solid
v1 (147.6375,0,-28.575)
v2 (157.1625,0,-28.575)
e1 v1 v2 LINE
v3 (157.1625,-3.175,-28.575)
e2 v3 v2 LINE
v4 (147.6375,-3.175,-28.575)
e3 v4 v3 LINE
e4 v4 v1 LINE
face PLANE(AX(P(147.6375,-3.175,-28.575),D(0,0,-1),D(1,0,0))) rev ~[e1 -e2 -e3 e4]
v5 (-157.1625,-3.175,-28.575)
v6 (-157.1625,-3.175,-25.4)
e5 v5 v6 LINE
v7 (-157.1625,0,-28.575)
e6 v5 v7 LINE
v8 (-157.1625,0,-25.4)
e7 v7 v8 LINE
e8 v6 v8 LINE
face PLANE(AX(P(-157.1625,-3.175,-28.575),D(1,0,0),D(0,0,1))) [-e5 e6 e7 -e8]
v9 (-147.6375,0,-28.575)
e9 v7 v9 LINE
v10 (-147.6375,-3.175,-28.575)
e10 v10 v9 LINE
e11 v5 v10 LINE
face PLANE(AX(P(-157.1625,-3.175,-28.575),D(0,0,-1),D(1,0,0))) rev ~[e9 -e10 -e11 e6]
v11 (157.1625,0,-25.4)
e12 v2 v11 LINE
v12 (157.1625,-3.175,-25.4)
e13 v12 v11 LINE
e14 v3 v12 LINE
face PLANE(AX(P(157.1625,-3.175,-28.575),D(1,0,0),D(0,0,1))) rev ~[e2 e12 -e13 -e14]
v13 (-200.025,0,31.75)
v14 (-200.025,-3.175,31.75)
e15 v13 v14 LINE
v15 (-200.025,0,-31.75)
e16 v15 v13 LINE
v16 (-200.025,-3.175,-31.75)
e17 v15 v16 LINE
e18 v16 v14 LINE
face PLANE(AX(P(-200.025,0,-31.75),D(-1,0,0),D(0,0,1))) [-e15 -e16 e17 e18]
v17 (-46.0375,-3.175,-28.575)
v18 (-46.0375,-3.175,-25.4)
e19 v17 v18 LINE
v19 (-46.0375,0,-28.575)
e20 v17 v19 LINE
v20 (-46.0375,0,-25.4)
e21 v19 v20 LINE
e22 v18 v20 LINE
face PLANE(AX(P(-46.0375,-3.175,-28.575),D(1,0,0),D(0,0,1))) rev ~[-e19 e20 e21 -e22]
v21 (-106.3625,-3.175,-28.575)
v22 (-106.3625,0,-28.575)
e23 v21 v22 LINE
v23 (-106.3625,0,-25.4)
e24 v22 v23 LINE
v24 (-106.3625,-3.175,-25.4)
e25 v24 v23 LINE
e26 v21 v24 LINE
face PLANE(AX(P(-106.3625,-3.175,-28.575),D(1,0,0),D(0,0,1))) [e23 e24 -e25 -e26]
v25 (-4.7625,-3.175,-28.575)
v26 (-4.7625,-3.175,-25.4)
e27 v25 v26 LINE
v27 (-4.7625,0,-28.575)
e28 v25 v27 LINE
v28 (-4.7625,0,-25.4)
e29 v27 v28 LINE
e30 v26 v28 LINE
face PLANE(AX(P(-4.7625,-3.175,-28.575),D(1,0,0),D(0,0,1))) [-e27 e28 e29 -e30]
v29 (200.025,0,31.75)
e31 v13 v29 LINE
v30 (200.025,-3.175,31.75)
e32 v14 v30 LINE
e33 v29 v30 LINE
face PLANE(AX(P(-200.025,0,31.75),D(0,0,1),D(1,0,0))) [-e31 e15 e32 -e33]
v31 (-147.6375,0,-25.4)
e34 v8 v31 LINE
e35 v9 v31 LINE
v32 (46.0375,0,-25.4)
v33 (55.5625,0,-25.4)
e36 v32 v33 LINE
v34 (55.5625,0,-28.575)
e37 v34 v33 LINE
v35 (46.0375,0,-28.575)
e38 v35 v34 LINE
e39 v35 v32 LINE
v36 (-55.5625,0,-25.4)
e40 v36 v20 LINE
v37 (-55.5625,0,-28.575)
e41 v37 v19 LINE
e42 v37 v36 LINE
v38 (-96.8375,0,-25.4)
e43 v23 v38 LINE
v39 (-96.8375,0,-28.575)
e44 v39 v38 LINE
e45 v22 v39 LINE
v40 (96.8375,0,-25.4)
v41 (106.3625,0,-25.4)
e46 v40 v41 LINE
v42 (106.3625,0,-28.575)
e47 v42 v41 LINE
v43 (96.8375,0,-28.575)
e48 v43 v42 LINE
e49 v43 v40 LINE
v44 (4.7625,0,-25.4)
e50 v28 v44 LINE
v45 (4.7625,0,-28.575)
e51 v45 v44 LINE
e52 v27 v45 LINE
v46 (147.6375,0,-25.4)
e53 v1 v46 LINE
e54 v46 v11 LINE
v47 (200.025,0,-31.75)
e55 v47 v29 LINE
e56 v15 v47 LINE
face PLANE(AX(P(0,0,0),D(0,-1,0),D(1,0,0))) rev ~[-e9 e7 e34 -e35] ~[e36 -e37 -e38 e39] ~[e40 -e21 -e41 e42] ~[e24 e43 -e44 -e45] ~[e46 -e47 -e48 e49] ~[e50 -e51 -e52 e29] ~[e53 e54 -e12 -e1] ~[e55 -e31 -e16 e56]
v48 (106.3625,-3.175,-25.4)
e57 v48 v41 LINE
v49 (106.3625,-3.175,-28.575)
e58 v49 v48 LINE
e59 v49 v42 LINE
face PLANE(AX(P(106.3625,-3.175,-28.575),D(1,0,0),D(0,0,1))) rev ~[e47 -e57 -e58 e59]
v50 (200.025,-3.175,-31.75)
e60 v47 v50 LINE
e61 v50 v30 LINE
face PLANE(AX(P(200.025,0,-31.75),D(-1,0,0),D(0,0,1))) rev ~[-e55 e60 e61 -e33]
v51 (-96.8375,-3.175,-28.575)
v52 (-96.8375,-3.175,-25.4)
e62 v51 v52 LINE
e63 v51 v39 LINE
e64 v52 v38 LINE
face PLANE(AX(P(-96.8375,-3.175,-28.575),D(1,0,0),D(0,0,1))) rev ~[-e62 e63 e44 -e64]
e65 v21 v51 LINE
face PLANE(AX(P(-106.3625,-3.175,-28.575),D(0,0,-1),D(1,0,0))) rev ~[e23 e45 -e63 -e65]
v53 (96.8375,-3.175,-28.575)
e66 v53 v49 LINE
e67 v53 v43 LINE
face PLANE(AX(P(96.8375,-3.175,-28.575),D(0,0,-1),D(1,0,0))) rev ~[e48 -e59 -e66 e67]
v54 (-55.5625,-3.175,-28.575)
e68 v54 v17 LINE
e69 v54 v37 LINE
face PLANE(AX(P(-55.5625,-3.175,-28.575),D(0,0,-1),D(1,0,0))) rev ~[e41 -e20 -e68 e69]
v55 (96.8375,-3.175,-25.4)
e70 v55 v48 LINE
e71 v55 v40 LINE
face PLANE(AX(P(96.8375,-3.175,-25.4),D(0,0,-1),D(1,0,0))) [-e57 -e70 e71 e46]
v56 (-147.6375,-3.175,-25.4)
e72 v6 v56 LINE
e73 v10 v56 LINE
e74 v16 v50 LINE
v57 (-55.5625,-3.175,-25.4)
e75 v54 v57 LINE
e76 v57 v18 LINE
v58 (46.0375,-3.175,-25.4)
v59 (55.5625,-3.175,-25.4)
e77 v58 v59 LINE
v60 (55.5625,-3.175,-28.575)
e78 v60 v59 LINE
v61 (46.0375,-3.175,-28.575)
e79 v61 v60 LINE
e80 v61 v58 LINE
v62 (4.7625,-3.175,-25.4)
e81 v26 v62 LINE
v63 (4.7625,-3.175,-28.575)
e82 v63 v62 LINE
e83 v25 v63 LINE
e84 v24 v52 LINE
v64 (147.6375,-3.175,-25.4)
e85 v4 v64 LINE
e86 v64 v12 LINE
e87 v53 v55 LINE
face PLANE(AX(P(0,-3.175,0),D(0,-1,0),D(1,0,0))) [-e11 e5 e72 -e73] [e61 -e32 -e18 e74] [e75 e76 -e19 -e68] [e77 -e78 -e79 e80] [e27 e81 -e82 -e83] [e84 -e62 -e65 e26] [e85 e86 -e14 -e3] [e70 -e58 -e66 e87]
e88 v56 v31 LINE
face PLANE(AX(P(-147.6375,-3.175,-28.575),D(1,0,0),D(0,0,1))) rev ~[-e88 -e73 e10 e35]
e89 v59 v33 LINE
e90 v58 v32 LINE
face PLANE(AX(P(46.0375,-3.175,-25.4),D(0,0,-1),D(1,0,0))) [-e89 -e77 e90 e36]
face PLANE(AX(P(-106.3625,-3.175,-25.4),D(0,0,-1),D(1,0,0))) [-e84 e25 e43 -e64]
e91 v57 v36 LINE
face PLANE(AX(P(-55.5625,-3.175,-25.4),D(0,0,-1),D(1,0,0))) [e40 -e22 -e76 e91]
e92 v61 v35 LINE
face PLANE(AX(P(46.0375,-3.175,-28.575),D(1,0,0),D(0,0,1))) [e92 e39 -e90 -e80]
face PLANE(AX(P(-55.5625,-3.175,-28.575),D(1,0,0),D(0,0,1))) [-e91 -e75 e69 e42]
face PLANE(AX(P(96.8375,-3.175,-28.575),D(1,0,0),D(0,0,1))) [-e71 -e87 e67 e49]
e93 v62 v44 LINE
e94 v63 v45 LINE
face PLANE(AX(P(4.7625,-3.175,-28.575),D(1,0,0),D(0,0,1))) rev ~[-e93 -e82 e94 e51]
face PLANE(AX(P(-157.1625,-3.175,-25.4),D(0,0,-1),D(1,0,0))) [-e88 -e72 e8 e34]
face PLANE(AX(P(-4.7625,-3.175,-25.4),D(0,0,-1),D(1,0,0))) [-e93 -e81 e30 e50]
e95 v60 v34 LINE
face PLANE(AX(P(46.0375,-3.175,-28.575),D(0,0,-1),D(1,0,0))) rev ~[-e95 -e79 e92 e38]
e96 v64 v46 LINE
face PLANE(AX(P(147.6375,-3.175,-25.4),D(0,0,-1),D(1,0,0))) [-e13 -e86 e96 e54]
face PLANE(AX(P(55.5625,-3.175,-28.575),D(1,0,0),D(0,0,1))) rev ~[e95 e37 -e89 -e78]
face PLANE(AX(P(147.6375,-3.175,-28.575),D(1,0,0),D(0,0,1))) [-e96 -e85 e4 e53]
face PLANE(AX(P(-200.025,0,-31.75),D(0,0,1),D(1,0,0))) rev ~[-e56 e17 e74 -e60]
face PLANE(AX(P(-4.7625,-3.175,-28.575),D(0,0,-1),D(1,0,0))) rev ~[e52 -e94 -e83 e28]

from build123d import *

# Parameters (mm, degrees)
F0_W     = 400.05
F0_H     = 63.5
F1_DEPTH = 3.175
F2_W     = 9.525
F2_H     = 3.175
F3_DEPTH = 25.4


with BuildPart() as f1:
    # F0 (on Front) → F1 (new body)
    with BuildSketch(Plane.XZ):
        Rectangle(F0_W, F0_H)
    extrude(amount=F1_DEPTH)

    # F2 (on face) → F3 (cut)
    with BuildSketch(Plane.XZ.offset(3.175)):
        with Locations((152.4, -26.9875)):
            Rectangle(F2_W, F2_H)
        with Locations((101.6, -26.9875)):
            Rectangle(F2_W, F2_H)
        with Locations((50.8, -26.9875)):
            Rectangle(F2_W, F2_H)
        with Locations((-101.6, -26.9875)):
            Rectangle(F2_W, F2_H)
        with Locations((-50.8, -26.9875)):
            Rectangle(F2_W, F2_H)
        with Locations((-152.4, -26.9875)):
            Rectangle(F2_W, F2_H)
        with Locations((0, -26.9875)):
            Rectangle(F2_W, F2_H)
    extrude(amount=-F3_DEPTH, mode=Mode.SUBTRACT)


solid = f1.part
